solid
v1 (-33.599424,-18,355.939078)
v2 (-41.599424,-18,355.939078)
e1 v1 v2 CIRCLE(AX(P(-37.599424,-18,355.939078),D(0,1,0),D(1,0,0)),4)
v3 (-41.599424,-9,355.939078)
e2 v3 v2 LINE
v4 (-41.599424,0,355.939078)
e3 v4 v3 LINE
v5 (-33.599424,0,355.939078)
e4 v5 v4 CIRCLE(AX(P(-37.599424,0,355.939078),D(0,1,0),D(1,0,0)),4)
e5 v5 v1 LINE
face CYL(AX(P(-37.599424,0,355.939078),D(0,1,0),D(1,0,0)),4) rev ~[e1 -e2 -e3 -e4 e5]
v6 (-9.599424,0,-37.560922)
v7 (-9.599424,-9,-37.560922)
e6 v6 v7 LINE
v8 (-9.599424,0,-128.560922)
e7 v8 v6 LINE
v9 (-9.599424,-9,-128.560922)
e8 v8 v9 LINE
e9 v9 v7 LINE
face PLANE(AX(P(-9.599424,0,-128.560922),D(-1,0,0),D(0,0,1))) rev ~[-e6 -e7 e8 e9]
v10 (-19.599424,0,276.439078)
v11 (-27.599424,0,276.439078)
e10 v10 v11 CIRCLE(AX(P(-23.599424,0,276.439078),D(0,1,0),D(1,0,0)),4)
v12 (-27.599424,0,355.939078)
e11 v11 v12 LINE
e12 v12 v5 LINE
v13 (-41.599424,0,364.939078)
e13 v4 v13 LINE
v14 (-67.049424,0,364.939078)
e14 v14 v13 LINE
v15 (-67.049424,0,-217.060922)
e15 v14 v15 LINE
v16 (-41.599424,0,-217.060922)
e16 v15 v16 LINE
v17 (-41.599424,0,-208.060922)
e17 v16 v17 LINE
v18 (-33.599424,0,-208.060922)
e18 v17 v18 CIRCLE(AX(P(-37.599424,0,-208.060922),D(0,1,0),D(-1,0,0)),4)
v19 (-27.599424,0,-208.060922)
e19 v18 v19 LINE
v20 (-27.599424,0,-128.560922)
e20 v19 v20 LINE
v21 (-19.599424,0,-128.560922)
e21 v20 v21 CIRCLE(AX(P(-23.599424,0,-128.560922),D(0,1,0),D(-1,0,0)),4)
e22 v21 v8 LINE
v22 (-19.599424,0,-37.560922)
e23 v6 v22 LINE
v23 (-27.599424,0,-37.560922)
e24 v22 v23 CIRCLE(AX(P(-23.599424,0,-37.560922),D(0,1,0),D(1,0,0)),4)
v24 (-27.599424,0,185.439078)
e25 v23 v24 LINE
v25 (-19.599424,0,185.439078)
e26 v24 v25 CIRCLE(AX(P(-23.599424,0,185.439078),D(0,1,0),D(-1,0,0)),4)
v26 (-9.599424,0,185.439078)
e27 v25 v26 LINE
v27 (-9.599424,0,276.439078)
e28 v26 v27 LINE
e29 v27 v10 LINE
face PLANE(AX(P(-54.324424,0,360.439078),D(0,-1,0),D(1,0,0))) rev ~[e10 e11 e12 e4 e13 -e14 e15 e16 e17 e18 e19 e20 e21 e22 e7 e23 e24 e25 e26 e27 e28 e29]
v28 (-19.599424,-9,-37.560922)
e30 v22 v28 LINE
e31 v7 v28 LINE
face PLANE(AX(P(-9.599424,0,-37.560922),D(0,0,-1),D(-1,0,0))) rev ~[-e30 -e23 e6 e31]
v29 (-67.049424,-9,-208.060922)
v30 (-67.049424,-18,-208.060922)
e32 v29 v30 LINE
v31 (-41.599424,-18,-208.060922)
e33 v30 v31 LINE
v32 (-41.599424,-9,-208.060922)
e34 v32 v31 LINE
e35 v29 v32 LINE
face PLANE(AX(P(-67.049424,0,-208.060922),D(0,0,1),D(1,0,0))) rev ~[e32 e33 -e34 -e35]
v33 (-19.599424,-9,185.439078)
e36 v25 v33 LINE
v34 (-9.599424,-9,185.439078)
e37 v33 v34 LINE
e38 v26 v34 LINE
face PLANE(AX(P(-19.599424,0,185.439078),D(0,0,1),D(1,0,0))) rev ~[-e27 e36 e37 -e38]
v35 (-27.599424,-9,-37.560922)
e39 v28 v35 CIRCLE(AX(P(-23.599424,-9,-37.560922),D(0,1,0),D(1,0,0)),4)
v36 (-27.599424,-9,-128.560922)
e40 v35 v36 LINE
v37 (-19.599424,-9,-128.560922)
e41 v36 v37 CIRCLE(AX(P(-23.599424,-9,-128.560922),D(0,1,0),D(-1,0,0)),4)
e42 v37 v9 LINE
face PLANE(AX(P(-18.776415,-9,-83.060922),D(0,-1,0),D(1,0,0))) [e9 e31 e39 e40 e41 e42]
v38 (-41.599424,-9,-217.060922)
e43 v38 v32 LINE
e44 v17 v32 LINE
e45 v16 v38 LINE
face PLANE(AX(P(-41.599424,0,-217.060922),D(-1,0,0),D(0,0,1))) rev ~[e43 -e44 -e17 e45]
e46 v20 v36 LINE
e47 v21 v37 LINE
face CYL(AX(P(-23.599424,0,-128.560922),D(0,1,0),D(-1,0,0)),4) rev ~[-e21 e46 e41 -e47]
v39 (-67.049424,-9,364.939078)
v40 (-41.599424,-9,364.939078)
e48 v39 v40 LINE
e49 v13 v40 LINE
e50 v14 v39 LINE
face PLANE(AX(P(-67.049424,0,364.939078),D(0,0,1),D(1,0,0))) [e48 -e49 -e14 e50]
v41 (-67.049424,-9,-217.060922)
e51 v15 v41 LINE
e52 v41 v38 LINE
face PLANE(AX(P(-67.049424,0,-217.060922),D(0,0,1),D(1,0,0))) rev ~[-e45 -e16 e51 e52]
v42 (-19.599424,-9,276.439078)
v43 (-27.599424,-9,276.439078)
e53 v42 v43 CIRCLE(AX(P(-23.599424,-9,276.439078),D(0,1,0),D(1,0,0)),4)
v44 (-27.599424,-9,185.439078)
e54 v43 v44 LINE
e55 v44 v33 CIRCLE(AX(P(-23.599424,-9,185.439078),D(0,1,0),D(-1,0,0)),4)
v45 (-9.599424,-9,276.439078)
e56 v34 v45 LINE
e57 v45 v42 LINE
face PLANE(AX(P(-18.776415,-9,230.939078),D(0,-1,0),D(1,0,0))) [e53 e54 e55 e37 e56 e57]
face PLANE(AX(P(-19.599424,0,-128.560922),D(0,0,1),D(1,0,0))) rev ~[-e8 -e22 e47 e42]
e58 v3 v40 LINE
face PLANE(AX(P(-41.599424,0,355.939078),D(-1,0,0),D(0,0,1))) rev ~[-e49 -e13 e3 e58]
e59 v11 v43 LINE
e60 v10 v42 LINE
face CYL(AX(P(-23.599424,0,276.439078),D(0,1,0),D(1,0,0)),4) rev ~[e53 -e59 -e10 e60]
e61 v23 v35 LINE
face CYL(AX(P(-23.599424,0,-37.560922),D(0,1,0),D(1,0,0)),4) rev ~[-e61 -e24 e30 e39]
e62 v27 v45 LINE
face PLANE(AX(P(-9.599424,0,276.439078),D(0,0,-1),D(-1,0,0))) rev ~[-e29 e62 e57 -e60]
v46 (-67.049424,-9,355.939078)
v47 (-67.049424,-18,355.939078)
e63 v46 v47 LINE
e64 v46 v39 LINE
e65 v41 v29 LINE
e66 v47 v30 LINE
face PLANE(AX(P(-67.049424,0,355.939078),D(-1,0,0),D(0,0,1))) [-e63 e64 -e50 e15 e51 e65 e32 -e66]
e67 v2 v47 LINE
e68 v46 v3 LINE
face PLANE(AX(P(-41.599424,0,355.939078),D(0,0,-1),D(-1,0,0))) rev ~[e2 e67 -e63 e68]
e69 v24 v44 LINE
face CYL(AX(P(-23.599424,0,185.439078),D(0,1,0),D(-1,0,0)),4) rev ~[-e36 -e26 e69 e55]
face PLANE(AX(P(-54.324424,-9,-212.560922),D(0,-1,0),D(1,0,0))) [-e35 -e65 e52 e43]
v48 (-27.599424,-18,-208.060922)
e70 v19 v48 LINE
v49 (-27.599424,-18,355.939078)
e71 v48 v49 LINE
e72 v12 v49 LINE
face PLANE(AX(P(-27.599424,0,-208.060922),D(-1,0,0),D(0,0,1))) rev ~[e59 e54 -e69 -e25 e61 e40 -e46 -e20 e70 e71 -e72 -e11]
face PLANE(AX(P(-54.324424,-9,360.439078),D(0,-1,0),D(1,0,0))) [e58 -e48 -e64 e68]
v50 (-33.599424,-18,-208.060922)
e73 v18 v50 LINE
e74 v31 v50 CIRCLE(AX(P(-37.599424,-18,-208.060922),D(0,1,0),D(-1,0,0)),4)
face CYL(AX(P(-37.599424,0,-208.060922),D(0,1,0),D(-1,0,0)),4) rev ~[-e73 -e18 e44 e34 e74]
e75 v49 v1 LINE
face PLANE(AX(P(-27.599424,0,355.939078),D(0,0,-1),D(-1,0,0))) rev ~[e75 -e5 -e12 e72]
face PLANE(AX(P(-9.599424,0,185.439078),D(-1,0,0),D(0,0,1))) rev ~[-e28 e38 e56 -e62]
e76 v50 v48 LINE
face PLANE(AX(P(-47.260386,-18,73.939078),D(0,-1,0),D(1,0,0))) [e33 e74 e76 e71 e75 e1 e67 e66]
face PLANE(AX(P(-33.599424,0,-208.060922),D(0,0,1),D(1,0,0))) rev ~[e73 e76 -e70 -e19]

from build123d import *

# Parameters (mm, degrees)
F1_DEPTH = 18
F0_W     = 25.45
F0_H     = 9
F2_DEPTH = 9


with BuildPart() as f1:
    # F0 (on Front) → F1 (new body)
    with BuildSketch(Plane.XZ):
        with BuildLine():
            Line((-27.599424, 185.439078), (-27.599424, 276.439078))
            Line((-27.599424, 276.439078), (-27.599424, 278.939078))
            Line((-27.599424, 278.939078), (-27.599424, 355.939078))
            Line((-27.599424, 355.939078), (-33.599424, 355.939078))
            ThreePointArc((-33.599424, 355.939078), (-37.599424, 351.939078), (-41.599424, 355.939078))
            Line((-41.599424, 355.939078), (-67.049424, 355.939078))
            Line((-67.049424, 355.939078), (-67.049424, -208.060922))
            Line((-67.049424, -208.060922), (-41.599424, -208.060922))
            ThreePointArc((-41.599424, -208.060922), (-37.599424, -204.060922), (-33.599424, -208.060922))
            Line((-33.599424, -208.060922), (-27.599424, -208.060922))
            Line((-27.599424, -208.060922), (-27.599424, -131.060922))
            Line((-27.599424, -131.060922), (-27.599424, -128.560922))
            Line((-27.599424, -128.560922), (-27.599424, -37.560922))
            Line((-27.599424, -37.560922), (-27.599424, -35.060922))
            Line((-27.599424, -35.060922), (-27.599424, 182.939078))
            Line((-27.599424, 182.939078), (-27.599424, 185.439078))
        make_face()
    extrude(amount=F1_DEPTH)

    # F0 (on Front) → F2 (join)
    with BuildSketch(Plane.XZ):
        with Locations((-54.324424, 360.439078)):
            Rectangle(F0_W, F0_H)
        with BuildLine():
            ThreePointArc((-19.599424, 276.439078), (-23.599424, 272.439078), (-27.599424, 276.439078))
            Line((-27.599424, 276.439078), (-27.599424, 185.439078))
            ThreePointArc((-27.599424, 185.439078), (-23.599424, 189.439078), (-19.599424, 185.439078))
            Line((-19.599424, 185.439078), (-9.599424, 185.439078))
            Line((-9.599424, 185.439078), (-9.599424, 276.439078))
            Line((-9.599424, 276.439078), (-19.599424, 276.439078))
        make_face()
        with BuildLine():
            ThreePointArc((-19.599424, -37.560922), (-23.599424, -41.560922), (-27.599424, -37.560922))
            Line((-27.599424, -37.560922), (-27.599424, -128.560922))
            ThreePointArc((-27.599424, -128.560922), (-23.599424, -124.560922), (-19.599424, -128.560922))
            Line((-19.599424, -128.560922), (-9.599424, -128.560922))
            Line((-9.599424, -128.560922), (-9.599424, -37.560922))
            Line((-9.599424, -37.560922), (-19.599424, -37.560922))
        make_face()
        with Locations((-54.324424, -212.560922)):
            Rectangle(F0_W, F0_H)
    extrude(amount=F2_DEPTH)


solid = f1.part
